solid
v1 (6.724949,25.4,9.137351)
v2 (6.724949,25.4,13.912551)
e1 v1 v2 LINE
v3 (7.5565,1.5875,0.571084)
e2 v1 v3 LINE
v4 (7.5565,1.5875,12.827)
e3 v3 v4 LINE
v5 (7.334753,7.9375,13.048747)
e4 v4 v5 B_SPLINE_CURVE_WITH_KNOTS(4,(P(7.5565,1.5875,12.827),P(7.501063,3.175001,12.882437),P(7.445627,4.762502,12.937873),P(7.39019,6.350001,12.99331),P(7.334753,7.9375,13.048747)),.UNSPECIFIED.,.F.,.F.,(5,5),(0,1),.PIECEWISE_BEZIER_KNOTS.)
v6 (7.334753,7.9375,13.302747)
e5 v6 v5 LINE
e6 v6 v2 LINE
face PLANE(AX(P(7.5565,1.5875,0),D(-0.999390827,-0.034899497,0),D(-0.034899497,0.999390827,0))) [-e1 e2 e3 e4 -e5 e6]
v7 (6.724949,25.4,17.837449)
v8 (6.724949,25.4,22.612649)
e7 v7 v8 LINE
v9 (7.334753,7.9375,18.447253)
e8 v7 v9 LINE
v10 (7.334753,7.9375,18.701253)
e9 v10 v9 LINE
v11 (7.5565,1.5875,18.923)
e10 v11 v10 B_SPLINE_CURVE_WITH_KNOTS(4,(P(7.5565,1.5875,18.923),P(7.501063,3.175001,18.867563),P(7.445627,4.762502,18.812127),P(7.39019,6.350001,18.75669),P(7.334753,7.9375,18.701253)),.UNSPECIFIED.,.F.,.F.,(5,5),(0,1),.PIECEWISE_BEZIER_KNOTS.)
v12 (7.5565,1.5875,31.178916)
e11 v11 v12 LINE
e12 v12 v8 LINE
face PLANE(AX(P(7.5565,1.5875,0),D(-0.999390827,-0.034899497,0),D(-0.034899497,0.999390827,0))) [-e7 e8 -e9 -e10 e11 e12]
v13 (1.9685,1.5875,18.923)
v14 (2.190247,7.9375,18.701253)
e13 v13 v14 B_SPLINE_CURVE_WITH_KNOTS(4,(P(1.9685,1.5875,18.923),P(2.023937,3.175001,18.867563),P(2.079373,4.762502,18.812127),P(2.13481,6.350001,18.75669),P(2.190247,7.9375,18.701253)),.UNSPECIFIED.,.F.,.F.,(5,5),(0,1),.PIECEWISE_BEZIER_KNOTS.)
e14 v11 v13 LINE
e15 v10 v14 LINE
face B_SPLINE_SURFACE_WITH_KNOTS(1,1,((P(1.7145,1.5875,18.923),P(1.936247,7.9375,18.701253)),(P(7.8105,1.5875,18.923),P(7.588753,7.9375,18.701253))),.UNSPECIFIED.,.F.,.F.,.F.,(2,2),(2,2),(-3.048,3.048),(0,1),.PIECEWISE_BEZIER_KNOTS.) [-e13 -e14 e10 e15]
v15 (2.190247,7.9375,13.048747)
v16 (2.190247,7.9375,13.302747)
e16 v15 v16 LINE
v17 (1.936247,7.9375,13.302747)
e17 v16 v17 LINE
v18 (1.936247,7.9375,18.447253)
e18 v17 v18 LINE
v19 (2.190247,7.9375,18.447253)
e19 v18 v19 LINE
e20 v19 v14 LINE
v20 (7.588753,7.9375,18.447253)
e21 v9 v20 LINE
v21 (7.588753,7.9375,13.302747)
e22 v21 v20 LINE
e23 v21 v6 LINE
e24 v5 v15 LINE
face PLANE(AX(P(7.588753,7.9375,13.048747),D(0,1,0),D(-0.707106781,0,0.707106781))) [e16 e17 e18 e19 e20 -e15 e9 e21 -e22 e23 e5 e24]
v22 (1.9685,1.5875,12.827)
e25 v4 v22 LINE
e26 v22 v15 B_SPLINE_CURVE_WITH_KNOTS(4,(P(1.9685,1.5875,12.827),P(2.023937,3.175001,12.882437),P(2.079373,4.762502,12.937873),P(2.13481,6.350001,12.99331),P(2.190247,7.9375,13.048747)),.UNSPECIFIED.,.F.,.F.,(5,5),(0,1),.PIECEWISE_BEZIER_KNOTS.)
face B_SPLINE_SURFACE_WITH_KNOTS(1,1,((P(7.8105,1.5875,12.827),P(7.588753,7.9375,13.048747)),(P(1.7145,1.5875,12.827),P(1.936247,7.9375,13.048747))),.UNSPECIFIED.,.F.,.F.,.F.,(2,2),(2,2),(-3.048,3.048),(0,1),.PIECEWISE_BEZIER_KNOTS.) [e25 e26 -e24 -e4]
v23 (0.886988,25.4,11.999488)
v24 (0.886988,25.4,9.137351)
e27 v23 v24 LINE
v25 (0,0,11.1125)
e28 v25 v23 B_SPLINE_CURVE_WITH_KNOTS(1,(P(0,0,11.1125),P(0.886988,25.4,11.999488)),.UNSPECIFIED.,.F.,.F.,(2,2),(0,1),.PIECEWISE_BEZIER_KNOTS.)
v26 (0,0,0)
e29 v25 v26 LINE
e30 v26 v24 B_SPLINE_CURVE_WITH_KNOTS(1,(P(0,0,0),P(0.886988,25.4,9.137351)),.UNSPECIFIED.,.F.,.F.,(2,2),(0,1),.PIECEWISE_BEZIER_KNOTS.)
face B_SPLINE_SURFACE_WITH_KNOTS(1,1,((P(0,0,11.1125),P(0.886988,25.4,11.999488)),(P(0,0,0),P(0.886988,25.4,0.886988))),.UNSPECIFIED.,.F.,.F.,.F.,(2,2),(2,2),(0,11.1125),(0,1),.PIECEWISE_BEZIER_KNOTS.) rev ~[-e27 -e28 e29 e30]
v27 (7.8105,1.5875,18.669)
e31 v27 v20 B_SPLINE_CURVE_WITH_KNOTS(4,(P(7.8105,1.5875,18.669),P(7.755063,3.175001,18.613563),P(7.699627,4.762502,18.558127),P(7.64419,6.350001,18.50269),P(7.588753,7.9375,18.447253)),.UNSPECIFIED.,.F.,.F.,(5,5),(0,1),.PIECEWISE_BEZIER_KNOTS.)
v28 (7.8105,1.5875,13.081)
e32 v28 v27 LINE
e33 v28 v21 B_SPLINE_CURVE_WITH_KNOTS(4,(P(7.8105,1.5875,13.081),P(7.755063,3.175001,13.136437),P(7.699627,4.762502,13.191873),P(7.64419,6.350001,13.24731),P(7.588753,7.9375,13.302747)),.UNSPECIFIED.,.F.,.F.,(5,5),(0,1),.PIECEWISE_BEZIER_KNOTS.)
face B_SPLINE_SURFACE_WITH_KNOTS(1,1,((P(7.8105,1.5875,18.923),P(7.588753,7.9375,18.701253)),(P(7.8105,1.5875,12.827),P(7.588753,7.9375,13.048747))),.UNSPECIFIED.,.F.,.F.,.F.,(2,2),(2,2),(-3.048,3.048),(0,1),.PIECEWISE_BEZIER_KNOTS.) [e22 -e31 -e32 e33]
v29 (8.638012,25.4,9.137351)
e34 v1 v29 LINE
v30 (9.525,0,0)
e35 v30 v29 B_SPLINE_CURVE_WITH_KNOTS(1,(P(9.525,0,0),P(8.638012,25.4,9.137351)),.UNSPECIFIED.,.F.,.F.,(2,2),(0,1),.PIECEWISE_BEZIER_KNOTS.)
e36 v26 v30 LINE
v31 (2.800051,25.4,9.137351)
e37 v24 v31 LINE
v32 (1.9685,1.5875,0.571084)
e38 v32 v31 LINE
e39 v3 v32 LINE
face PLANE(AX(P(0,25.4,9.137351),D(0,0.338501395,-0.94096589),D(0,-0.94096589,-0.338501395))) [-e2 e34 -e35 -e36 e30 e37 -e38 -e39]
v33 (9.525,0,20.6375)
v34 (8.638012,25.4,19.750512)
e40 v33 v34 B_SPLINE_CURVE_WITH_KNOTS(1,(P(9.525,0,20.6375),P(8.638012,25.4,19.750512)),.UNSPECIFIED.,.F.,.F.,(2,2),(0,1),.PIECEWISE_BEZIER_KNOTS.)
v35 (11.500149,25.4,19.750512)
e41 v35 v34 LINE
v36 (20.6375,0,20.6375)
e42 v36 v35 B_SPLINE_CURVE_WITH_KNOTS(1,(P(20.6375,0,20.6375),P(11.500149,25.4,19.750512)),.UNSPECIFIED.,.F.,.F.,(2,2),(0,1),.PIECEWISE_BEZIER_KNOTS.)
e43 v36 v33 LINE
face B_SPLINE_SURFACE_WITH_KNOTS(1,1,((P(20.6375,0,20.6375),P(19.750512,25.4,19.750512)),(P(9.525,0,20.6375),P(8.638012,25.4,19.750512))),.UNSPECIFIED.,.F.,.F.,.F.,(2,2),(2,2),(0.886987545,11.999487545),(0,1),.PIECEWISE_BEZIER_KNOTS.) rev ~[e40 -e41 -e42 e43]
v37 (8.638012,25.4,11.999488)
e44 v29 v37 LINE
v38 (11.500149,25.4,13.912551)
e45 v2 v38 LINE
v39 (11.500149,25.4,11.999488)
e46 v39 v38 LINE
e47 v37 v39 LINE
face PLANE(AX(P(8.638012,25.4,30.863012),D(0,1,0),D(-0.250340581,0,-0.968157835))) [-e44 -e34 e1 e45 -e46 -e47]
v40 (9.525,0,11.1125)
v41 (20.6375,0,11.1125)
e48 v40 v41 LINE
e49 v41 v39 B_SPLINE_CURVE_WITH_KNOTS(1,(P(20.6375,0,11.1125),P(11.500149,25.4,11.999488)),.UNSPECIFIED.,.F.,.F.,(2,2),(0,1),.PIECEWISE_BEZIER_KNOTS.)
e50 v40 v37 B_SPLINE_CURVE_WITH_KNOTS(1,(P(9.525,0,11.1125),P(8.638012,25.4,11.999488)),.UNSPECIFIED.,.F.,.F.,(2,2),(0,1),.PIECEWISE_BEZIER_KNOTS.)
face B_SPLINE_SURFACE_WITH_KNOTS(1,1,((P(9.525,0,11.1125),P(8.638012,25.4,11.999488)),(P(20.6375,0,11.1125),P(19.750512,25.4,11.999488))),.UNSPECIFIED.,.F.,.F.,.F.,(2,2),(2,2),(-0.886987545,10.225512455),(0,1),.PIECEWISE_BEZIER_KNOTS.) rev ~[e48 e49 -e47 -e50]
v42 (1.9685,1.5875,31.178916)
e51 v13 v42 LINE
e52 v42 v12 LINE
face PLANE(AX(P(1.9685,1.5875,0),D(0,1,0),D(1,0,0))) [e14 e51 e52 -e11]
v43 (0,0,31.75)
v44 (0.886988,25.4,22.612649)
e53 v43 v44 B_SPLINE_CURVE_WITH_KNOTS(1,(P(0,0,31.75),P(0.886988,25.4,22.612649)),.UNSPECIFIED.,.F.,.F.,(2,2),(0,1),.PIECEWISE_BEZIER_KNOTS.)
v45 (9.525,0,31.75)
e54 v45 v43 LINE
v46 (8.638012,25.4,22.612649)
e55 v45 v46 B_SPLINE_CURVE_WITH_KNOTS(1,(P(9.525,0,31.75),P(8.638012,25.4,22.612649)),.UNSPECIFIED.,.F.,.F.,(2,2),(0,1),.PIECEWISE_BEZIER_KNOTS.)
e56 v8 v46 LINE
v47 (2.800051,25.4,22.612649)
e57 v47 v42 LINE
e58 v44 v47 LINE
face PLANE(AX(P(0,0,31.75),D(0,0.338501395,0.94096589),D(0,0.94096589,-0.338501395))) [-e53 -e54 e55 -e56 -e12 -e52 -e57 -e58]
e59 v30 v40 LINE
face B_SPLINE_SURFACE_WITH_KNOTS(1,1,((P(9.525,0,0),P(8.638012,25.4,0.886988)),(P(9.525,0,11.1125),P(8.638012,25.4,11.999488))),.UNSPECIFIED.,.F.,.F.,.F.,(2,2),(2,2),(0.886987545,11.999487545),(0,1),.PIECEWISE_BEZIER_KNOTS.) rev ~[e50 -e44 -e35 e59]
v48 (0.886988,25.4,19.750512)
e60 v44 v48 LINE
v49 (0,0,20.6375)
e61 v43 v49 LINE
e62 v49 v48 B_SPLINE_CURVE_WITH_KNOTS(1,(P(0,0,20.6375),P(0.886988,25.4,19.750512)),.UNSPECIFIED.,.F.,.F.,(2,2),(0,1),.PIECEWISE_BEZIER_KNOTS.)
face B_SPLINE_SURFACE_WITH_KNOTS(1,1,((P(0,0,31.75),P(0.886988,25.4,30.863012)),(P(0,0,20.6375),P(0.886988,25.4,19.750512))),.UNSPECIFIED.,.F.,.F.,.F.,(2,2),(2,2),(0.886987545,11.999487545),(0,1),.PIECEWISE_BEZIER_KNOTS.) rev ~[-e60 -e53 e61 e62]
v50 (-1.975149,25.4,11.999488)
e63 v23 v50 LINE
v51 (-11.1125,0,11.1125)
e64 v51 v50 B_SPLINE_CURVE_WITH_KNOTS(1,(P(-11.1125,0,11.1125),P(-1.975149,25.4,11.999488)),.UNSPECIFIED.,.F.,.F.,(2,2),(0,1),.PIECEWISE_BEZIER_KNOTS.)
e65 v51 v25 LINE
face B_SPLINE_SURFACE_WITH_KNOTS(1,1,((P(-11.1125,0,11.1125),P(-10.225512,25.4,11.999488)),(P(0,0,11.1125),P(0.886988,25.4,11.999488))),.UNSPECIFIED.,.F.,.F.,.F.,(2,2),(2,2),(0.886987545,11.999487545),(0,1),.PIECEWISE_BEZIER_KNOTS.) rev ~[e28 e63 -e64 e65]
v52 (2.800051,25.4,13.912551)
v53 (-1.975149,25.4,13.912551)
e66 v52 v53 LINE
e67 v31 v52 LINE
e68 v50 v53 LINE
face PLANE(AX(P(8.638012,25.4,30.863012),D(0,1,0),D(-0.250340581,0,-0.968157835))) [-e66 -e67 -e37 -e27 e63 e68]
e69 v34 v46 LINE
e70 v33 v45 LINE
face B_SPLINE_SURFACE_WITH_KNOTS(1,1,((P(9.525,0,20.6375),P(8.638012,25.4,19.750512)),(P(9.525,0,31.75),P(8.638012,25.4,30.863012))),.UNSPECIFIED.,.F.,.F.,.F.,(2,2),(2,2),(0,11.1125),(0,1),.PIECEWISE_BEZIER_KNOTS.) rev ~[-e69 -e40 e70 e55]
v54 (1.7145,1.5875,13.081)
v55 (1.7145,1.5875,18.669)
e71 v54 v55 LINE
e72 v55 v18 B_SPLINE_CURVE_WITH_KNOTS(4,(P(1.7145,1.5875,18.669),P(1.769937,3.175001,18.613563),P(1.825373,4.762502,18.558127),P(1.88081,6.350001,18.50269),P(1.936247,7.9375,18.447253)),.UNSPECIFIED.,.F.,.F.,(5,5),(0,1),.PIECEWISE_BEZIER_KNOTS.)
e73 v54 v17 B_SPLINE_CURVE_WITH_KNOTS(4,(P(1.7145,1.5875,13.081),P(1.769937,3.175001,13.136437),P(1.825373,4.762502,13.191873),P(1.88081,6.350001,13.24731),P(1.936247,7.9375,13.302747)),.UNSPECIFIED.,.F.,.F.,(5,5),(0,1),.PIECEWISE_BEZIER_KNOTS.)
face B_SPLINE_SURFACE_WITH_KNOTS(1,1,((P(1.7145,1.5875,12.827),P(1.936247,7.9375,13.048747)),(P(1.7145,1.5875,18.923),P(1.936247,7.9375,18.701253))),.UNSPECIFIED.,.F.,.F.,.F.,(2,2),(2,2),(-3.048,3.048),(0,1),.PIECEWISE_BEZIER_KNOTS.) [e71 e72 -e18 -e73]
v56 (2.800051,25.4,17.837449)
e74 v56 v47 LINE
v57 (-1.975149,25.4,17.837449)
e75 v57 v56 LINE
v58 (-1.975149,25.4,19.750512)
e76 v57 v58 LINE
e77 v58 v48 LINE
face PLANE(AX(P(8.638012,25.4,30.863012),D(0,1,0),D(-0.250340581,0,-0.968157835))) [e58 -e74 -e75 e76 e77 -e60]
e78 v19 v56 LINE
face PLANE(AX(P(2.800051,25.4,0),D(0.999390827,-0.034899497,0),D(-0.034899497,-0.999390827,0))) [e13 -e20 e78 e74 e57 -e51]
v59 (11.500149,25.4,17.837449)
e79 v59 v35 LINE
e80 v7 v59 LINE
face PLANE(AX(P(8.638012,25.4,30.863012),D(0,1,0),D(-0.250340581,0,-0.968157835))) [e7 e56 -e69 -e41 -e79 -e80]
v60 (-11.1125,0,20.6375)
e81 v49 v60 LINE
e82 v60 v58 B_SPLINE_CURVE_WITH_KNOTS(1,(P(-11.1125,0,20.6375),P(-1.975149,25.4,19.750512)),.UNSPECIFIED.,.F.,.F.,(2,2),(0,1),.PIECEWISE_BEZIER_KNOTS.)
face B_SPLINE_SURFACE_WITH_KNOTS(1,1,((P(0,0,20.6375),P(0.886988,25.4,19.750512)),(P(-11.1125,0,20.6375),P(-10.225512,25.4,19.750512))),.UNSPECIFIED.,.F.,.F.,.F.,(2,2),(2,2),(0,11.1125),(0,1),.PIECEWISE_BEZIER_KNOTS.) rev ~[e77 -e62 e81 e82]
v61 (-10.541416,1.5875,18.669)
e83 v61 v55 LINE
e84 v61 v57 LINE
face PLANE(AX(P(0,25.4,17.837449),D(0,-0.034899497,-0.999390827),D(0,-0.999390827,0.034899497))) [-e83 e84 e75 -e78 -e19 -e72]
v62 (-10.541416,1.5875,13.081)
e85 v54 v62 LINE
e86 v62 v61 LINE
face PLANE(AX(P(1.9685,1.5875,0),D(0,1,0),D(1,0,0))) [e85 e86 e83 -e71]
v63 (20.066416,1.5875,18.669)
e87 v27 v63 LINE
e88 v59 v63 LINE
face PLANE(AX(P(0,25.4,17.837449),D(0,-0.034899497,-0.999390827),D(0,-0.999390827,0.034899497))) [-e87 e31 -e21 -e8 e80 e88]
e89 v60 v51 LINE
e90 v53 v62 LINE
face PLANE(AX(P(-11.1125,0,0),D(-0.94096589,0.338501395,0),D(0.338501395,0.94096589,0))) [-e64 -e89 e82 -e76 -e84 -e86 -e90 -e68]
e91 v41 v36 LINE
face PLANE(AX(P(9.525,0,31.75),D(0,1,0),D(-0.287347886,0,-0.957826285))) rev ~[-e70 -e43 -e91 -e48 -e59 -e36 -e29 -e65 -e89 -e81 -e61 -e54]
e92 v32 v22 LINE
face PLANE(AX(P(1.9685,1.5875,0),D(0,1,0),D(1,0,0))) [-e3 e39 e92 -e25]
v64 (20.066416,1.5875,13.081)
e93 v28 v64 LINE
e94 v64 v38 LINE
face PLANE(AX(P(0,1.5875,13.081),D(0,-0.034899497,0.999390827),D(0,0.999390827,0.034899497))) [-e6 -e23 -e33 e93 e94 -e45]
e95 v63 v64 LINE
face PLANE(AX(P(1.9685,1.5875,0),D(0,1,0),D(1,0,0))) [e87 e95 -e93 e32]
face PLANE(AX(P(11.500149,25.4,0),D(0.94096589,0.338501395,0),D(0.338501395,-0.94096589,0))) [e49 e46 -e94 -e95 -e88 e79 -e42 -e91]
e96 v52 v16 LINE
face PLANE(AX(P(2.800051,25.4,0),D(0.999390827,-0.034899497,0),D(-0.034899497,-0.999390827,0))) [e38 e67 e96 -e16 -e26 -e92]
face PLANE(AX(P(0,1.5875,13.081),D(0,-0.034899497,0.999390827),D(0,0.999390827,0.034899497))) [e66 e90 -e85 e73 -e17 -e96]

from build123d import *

# Parameters (mm, degrees)
F1_DEPTH       = 25.4
F1_TAPER       = 2
F3_DEPTH       = 31.7510001
F5_DEPTH       = 20.6385001
F5_DEPTH_BACK  = 11.1135001
F6_W           = 6.096
F6_H           = 6.096
F7_DEPTH       = 6.35
F7_TAPER       = 2
F8_W           = 60.6717504561
F8_H           = 50.1286070794
F9_DEPTH       = 31.7510001
F10_W          = 37.0408929884
F10_H          = 41.4357688278
F11_DEPTH      = 11.1135001
F11_DEPTH_BACK = 20.6385001


with BuildPart() as f1:
    # F0 (on Front) → F1 (new body)
    with BuildSketch(Plane.XZ):
        Polygon((9.525, 31.75), (0, 31.75), (0, 20.6375), (-11.1125, 20.6375), (-11.1125, 11.1125), (0, 11.1125), (0, 0), (9.525, 0), (9.525, 11.1125), (20.6375, 11.1125), (20.6375, 20.6375), (9.525, 20.6375), align=None)
    extrude(amount=-F1_DEPTH, taper=F1_TAPER)

    # F2 (on Top) → F3 (cut, through all)
    with BuildSketch(Plane.XY):
        Polygon((2.8000508235, 25.4), (1.9685, 1.5875), (7.5565, 1.5875), (6.7249491765, 25.4), align=None)
    extrude(amount=F3_DEPTH, mode=Mode.SUBTRACT)

    # F4 (on Right) → F5 (cut, two sides)
    with BuildSketch(Plane.YZ) as f5_sk:
        Polygon((25.4, 17.8374491765), (1.5875, 18.669), (1.5875, 13.081), (25.4, 13.9125508235), align=None)
    extrude(amount=F5_DEPTH, mode=Mode.SUBTRACT)
    extrude(f5_sk.sketch, amount=-F5_DEPTH_BACK, mode=Mode.SUBTRACT)

    # F6 (on face) → F7 (join)
    with BuildSketch(Plane(origin=(0, 1.5875, 0), x_dir=(-1, 0, 0), z_dir=(0, 1, 0))):
        with Locations((-4.7625, 15.875)):
            Rectangle(F6_W, F6_H)
    extrude(amount=F7_DEPTH, taper=F7_TAPER)

    # F8 (on Top) → F9 (cut, through all)
    with BuildSketch(Plane.XY):
        with Locations((4.5310724527, 13.3044691756)):
            Rectangle(F8_W, F8_H)
        Polygon((20.6375, 0), (-11.1125, 0), (-1.9751491765, 25.4), (11.5001491765, 25.4), align=None, mode=Mode.SUBTRACT)
    extrude(amount=F9_DEPTH, mode=Mode.SUBTRACT)

    # F10 (on Right) → F11 (cut, two sides)
    with BuildSketch(Plane.YZ) as f11_sk:
        with Locations((11.8458718061, 15.7928168774)):
            Rectangle(F10_W, F10_H)
        Polygon((0, 0), (0, 31.75), (25.4, 22.6126491765), (25.4, 9.1373508235), align=None, mode=Mode.SUBTRACT)
    extrude(amount=-F11_DEPTH, mode=Mode.SUBTRACT)
    extrude(f11_sk.sketch, amount=F11_DEPTH_BACK, mode=Mode.SUBTRACT)


solid = f1.part
